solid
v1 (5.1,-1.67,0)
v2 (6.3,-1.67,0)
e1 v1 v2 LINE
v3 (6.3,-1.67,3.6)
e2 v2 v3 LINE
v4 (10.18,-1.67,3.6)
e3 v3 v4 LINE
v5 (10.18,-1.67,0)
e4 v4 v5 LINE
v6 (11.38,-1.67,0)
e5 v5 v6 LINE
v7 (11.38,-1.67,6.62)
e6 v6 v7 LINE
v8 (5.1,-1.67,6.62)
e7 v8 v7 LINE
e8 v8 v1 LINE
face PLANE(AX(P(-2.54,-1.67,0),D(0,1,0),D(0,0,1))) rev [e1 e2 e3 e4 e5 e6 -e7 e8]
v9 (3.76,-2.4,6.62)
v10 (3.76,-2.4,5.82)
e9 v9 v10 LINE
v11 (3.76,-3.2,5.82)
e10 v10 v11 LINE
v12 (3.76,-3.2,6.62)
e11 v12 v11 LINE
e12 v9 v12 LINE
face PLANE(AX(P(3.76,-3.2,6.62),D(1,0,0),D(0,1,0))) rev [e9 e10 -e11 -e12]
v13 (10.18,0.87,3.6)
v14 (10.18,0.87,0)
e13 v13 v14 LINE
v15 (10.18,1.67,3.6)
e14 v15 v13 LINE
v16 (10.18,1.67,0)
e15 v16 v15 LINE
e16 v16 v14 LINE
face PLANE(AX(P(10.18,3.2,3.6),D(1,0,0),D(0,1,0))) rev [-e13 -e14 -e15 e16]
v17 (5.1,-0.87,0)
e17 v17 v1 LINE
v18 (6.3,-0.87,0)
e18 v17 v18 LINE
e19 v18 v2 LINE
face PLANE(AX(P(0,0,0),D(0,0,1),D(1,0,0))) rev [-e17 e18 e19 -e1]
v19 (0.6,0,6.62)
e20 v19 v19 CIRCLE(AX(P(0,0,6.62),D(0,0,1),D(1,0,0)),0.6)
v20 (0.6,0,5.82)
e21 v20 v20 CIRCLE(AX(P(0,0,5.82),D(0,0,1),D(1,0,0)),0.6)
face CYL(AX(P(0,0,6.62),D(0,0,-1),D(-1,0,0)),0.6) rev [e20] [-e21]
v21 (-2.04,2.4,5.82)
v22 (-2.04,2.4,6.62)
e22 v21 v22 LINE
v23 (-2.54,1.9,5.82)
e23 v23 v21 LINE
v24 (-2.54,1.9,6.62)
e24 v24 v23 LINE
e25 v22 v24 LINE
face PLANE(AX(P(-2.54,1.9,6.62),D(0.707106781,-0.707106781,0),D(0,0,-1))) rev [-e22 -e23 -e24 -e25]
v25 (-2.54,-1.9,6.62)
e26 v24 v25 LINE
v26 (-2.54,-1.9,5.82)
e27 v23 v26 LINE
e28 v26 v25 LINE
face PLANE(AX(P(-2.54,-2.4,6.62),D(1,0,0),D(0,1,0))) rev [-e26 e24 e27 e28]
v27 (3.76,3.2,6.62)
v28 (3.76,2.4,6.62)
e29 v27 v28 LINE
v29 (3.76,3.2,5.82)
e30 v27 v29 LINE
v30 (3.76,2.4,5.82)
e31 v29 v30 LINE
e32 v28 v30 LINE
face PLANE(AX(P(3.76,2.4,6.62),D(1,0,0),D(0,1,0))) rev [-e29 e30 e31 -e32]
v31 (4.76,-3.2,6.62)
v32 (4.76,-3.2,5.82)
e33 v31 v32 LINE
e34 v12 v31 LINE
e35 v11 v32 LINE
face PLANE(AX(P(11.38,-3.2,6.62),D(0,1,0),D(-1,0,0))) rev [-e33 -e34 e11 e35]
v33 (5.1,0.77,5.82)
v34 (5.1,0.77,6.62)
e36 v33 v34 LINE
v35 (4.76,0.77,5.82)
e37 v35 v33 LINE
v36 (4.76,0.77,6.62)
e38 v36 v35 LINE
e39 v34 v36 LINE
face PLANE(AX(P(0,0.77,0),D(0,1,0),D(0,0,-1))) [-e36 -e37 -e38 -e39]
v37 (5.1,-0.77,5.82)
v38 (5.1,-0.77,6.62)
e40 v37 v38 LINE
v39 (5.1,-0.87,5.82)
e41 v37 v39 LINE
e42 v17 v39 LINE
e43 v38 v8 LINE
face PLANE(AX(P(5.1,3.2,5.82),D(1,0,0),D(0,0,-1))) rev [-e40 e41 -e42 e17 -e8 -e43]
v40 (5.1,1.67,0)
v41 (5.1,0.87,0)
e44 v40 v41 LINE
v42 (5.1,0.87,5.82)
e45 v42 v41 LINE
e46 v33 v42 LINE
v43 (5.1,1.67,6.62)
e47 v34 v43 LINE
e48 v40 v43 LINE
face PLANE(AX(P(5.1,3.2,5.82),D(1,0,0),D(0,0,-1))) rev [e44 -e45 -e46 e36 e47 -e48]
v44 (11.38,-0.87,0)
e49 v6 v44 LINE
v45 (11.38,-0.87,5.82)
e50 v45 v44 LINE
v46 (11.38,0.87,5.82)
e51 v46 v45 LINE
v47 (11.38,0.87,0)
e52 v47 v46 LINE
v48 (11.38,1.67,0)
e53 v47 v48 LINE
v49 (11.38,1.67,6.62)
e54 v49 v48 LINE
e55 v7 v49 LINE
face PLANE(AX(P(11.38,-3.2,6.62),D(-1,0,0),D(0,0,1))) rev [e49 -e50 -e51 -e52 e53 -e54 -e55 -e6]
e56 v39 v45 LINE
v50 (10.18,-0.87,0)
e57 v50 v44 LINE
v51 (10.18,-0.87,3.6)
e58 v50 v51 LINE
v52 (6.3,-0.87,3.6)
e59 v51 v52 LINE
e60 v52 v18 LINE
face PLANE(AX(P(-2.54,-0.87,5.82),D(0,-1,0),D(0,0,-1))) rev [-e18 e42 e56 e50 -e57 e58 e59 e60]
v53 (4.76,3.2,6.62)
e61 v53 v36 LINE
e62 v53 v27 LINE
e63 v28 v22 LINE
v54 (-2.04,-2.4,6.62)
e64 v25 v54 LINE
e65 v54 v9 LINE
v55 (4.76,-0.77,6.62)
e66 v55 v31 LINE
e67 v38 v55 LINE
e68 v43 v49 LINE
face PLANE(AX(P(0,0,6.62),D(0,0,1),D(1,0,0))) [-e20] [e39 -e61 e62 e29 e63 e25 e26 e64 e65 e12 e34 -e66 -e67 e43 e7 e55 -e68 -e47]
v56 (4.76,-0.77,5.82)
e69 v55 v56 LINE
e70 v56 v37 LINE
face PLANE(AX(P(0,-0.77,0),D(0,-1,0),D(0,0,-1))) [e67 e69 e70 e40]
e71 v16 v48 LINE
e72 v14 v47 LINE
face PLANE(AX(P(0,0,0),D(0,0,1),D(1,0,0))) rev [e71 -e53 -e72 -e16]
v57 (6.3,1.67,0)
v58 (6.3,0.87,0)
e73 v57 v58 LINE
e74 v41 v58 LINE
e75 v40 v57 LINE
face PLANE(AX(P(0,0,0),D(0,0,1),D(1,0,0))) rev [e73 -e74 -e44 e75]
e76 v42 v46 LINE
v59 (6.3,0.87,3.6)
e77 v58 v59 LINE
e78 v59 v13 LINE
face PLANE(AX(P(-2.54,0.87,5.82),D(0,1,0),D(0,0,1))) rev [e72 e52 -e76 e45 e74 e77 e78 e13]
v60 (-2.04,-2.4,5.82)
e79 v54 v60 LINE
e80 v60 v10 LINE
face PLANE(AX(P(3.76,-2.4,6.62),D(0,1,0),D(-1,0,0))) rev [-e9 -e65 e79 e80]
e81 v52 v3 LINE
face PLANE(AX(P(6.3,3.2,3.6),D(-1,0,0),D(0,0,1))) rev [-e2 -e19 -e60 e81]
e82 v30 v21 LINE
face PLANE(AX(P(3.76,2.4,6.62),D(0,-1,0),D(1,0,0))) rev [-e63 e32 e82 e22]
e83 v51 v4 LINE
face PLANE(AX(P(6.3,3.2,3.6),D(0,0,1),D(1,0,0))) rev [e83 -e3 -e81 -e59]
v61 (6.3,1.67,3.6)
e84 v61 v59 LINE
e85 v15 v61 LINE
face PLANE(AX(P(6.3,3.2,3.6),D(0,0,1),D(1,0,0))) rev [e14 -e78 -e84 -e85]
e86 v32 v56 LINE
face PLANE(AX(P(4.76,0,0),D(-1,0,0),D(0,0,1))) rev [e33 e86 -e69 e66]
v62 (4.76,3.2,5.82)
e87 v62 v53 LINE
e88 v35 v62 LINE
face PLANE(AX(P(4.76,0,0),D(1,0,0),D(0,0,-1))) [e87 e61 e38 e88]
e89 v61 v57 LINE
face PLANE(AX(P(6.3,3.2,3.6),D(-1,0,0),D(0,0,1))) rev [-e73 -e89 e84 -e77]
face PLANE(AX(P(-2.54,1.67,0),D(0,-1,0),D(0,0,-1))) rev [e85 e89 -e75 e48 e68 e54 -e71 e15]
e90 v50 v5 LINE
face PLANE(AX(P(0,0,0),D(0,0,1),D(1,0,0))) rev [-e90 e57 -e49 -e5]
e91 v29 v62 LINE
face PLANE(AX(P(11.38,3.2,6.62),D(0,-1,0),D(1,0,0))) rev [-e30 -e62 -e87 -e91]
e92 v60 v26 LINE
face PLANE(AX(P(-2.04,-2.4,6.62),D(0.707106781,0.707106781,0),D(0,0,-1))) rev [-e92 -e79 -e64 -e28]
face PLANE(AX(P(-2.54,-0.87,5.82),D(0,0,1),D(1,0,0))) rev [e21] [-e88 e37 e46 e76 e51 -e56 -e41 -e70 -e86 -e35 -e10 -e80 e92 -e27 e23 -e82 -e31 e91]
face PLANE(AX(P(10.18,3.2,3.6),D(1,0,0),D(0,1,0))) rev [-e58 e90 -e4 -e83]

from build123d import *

# Parameters (mm, degrees)
SKETCH1_R           = 0.6
BOSS_EXTRUDE1_DEPTH = 6.62
SKETCH2_W           = 5.82
SKETCH2_H           = 1.74
SKETCH2_H_2         = 1.53
CUT_EXTRUDE1_DEPTH  = 14.92
SKETCH5_W           = 0.8
SKETCH5_H           = 1.53
CUT_EXTRUDE4_DEPTH  = 6.62
SKETCH4_W           = 7.64
SKETCH4_H           = 5.82
SKETCH4_W_2         = 3.88
SKETCH4_H_2         = 3.6
CUT_EXTRUDE3_DEPTH  = 7.4
CHAMFER1_SIZE       = 0.5
SKETCH11_W          = 0.34
SKETCH11_H          = 0.8
CUT_EXTRUDE5_DEPTH  = 0.9


with BuildPart() as part:
    # Sketch1 → Boss-Extrude1 (new body)
    with BuildSketch(Plane.XY):
        Polygon((3.76, 2.4), (3.76, 3.2), (11.38, 3.2), (11.38, -3.2), (3.76, -3.2), (3.76, -2.4), (-2.54, -2.4), (-2.54, 2.4), align=None)
        Circle(SKETCH1_R, mode=Mode.SUBTRACT)
    extrude(amount=BOSS_EXTRUDE1_DEPTH)

    # Sketch2 → Cut-Extrude1 (cut, through all)
    with BuildSketch(Plane(origin=(11.38, 0, 0), x_dir=(0, 0, -1), z_dir=(1, 0, 0))):
        with Locations((-2.91, 0)):
            Rectangle(SKETCH2_W, SKETCH2_H)
        with Locations((-2.91, 2.435)):
            Rectangle(SKETCH2_W, SKETCH2_H_2)
        with Locations((-2.91, -2.435)):
            Rectangle(SKETCH2_W, SKETCH2_H_2)
    extrude(amount=-CUT_EXTRUDE1_DEPTH, mode=Mode.SUBTRACT)

    # Sketch5 → Cut-Extrude4 (cut)
    with BuildSketch(Plane(origin=(11.38, 0, 0), x_dir=(0, 0, -1), z_dir=(1, 0, 0))):
        with Locations((-6.22, 2.435)):
            Rectangle(SKETCH5_W, SKETCH5_H)
        with Locations((-6.22, -2.435)):
            Rectangle(SKETCH5_W, SKETCH5_H)
    extrude(amount=-CUT_EXTRUDE4_DEPTH, mode=Mode.SUBTRACT)

    # Sketch4 → Cut-Extrude3 (cut, through all)
    with BuildSketch(Plane.XZ.offset(3.2)):
        with Locations((1.28, 2.91)):
            Rectangle(SKETCH4_W, SKETCH4_H)
        with Locations((8.24, 1.8)):
            Rectangle(SKETCH4_W_2, SKETCH4_H_2)
    extrude(amount=-CUT_EXTRUDE3_DEPTH, mode=Mode.SUBTRACT)

    # Chamfer1
    chamfer1_edges = [part.edges().sort_by_distance(p)[0] for p in [
        (-2.54, 2.4, 6.22),
        (-2.54, -2.4, 6.22),
    ]]
    chamfer(chamfer1_edges, length=CHAMFER1_SIZE)

    # Sketch11 → Cut-Extrude5 (cut)
    with BuildSketch(Plane.XZ.offset(1.67)):
        with Locations((4.93, 6.22)):
            Rectangle(SKETCH11_W, SKETCH11_H)
    cut_extrude5 = extrude(amount=-CUT_EXTRUDE5_DEPTH, mode=Mode.SUBTRACT)

    # Mirror1: Cut-Extrude5 across plane
    add(cut_extrude5.mirror(Plane.ZX), mode=Mode.SUBTRACT)


solid = part.part
